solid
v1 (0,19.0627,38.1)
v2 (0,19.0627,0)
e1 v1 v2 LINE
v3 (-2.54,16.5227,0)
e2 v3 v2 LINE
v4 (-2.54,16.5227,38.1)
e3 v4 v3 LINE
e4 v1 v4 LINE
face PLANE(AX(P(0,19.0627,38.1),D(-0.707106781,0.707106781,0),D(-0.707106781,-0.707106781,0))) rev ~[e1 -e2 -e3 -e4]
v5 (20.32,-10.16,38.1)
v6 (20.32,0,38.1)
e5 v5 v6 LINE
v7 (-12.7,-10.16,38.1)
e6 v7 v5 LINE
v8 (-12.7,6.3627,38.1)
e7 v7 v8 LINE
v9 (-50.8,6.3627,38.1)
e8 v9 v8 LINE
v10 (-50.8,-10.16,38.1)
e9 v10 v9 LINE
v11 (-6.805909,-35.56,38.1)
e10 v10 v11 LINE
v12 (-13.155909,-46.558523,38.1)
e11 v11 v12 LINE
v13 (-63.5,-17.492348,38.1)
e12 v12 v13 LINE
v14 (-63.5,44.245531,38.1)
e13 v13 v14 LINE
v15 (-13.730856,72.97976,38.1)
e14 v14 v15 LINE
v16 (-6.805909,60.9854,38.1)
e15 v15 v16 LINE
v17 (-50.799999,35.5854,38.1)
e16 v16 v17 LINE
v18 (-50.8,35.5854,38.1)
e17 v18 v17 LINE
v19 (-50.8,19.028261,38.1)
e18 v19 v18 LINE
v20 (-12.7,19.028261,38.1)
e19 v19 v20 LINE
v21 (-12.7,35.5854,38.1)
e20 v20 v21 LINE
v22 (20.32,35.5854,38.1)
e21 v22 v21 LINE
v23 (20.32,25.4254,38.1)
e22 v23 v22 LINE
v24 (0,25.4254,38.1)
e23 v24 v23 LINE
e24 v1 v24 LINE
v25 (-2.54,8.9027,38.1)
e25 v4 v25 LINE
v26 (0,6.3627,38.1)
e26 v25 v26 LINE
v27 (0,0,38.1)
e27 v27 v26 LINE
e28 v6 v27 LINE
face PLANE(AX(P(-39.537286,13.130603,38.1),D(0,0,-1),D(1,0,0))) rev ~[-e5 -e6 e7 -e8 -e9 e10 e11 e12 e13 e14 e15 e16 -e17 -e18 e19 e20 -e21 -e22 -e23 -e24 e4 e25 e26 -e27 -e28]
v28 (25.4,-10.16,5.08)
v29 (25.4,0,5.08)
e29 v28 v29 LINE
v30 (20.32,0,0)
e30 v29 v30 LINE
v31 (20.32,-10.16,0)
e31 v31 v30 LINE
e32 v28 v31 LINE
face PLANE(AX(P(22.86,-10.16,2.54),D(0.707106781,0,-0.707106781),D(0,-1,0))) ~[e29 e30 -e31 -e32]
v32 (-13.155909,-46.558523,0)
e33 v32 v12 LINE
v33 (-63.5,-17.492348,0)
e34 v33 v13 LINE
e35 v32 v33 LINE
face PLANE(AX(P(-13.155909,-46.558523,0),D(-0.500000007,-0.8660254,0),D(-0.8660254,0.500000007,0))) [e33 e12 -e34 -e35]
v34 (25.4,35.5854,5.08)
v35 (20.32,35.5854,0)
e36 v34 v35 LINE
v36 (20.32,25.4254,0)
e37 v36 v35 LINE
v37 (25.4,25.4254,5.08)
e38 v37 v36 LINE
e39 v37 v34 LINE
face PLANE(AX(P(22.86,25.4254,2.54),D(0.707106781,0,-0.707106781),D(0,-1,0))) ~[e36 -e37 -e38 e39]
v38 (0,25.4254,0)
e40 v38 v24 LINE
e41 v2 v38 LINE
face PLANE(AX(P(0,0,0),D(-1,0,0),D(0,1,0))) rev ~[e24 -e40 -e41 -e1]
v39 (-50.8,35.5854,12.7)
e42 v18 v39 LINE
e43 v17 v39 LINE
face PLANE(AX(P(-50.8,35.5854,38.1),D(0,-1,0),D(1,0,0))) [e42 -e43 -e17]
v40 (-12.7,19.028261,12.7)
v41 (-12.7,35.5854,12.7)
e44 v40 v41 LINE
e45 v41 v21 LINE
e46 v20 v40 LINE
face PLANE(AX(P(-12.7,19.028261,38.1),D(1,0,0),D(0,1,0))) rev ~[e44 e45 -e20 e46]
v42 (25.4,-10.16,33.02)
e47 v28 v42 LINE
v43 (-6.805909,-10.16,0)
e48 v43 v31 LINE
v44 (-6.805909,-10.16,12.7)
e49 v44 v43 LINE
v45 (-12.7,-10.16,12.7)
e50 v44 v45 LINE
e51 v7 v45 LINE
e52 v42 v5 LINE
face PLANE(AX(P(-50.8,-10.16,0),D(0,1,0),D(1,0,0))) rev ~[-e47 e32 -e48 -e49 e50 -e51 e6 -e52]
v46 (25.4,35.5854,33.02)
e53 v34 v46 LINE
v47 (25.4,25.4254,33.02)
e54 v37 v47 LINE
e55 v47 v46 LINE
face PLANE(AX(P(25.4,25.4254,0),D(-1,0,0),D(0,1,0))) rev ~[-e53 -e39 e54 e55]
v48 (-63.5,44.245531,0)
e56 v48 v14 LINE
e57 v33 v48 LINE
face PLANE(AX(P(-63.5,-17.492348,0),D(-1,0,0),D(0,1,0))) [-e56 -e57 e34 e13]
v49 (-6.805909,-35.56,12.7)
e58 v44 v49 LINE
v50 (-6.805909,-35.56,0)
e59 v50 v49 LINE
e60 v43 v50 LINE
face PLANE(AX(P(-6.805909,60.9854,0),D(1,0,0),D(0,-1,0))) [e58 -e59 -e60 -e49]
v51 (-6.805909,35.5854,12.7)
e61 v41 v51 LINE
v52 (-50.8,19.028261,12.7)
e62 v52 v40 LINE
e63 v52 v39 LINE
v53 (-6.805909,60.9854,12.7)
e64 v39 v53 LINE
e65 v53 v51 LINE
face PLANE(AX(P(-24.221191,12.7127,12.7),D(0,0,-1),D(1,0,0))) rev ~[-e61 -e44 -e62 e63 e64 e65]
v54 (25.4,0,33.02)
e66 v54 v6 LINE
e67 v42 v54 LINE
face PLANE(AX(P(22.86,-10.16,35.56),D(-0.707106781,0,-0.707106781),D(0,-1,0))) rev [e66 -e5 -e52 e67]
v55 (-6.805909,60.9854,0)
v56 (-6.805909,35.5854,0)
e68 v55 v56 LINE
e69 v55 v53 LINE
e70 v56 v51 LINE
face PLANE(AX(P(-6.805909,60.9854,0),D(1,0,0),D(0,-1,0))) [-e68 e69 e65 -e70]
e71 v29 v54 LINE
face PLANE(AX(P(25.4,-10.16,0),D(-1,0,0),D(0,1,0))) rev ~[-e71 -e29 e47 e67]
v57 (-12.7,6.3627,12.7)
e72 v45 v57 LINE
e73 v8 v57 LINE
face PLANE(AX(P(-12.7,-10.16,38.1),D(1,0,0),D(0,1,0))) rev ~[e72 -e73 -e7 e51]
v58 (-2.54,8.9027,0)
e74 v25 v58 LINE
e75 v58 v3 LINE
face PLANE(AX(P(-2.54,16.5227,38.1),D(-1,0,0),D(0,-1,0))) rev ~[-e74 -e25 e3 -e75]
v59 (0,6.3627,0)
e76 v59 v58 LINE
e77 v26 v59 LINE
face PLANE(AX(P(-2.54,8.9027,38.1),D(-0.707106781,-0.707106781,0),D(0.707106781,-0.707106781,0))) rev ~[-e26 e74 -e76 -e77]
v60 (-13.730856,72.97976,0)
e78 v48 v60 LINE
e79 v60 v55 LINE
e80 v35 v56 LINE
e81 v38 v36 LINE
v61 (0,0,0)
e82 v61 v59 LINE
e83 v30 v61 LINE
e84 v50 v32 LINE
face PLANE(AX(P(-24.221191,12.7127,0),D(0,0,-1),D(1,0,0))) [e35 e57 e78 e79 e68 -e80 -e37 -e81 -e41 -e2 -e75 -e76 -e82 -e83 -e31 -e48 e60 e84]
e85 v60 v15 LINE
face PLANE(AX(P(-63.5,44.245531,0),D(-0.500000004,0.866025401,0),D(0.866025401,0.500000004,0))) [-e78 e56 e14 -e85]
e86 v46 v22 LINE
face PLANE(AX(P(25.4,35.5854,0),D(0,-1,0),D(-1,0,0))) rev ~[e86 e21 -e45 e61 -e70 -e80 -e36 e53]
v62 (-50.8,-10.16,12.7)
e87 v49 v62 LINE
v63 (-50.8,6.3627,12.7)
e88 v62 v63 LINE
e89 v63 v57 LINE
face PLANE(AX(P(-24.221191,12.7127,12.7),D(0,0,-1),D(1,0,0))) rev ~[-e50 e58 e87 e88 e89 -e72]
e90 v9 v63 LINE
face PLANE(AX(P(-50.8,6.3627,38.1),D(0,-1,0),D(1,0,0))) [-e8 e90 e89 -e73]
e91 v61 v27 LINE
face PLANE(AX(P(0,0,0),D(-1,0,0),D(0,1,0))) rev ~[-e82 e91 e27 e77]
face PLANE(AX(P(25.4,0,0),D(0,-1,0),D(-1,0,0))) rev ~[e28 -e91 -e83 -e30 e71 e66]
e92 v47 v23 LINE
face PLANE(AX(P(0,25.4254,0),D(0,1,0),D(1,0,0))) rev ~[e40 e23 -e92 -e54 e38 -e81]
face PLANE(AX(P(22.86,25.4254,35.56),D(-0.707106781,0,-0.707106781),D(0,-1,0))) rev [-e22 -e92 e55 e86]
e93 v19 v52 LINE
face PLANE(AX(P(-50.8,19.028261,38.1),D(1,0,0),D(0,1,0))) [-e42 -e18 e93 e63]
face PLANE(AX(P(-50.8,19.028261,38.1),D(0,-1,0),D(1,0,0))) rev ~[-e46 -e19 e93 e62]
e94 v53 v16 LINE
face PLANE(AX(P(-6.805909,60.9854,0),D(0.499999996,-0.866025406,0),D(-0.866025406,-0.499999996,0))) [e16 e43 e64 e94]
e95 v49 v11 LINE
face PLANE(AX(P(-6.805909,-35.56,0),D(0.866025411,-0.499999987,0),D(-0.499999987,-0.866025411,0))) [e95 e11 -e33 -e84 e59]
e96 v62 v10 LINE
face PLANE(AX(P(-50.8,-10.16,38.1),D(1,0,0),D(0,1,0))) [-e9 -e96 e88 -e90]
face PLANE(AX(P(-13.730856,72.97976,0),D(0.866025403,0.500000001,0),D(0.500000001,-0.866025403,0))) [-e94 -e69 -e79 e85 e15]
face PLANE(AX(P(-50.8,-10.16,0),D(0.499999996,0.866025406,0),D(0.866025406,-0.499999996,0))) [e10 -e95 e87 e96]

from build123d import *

# Parameters (mm, degrees)
F1_DEPTH  = 38.1
F2_SIZE   = 5.08
F4_DEPTH  = 38.1
F6_DEPTH  = 12.7
F7_W      = 38.1
F7_H      = 16.5227
F7_H_2    = 16.557139
F8_DEPTH  = 25.4
F10_DEPTH = 38.101


with BuildPart() as f1:
    # F0 (on Top) → F1 (new body)
    with BuildSketch(Plane.XY):
        Polygon((0, 0), (0, 25.4254), (25.4, 25.4254), (25.4, 35.5854), (-50.8, 35.5854), (-50.8, -10.16), (25.4, -10.16), (25.4, 0), align=None)
    extrude(amount=F1_DEPTH)

    # F2
    f2_edges = [f1.edges().sort_by_distance(p)[0] for p in [
        (25.4, -5.08, 0),
        (25.4, 30.5054, 0),
        (25.4, -5.08, 38.1),
        (25.4, 30.5054, 38.1),
    ]]
    chamfer(f2_edges, length=F2_SIZE)

    # F3 (on face) → F4 (join)
    with BuildSketch(Plane(origin=(0, 0, 0), x_dir=(1, 0, 0), z_dir=(0, 0, -1))):
        Polygon((-50.8, -35.5854), (-50.8, 10.16), (-6.805909, 35.56), (-13.155909, 46.558523), (-63.5, 17.492348), (-63.5, 10.16), (-63.5, -35.5854), (-63.5, -44.245531), (-13.730856, -72.97976), (-6.805909, -60.9854), align=None)
    extrude(amount=-F4_DEPTH)

    # F5 (on face) → F6 (join)
    with BuildSketch(Plane(origin=(0, 0, 0), x_dir=(1, 0, 0), z_dir=(0, 0, -1))):
        Polygon((-6.805909, -60.9854), (-6.805909, 35.56), (-50.8, 10.16), (-50.8, -35.5854), align=None)
    extrude(amount=-F6_DEPTH)

    # F7 (on face) → F8 (cut, through all)
    with BuildSketch(Plane.XY.offset(38.1)):
        with Locations((-31.75, -1.89865)):
            Rectangle(F7_W, F7_H)
        with Locations((-31.75, 27.306831)):
            Rectangle(F7_W, F7_H_2)
    extrude(amount=-F8_DEPTH, mode=Mode.SUBTRACT)

    # F9 (on face) → F10 (cut, through all)
    with BuildSketch(Plane.XY.offset(38.1)):
        Polygon((-2.54, 16.5227), (-2.54, 8.9027), (0, 6.3627), (0, 19.0627), align=None)
    extrude(amount=-F10_DEPTH, mode=Mode.SUBTRACT)


solid = f1.part
